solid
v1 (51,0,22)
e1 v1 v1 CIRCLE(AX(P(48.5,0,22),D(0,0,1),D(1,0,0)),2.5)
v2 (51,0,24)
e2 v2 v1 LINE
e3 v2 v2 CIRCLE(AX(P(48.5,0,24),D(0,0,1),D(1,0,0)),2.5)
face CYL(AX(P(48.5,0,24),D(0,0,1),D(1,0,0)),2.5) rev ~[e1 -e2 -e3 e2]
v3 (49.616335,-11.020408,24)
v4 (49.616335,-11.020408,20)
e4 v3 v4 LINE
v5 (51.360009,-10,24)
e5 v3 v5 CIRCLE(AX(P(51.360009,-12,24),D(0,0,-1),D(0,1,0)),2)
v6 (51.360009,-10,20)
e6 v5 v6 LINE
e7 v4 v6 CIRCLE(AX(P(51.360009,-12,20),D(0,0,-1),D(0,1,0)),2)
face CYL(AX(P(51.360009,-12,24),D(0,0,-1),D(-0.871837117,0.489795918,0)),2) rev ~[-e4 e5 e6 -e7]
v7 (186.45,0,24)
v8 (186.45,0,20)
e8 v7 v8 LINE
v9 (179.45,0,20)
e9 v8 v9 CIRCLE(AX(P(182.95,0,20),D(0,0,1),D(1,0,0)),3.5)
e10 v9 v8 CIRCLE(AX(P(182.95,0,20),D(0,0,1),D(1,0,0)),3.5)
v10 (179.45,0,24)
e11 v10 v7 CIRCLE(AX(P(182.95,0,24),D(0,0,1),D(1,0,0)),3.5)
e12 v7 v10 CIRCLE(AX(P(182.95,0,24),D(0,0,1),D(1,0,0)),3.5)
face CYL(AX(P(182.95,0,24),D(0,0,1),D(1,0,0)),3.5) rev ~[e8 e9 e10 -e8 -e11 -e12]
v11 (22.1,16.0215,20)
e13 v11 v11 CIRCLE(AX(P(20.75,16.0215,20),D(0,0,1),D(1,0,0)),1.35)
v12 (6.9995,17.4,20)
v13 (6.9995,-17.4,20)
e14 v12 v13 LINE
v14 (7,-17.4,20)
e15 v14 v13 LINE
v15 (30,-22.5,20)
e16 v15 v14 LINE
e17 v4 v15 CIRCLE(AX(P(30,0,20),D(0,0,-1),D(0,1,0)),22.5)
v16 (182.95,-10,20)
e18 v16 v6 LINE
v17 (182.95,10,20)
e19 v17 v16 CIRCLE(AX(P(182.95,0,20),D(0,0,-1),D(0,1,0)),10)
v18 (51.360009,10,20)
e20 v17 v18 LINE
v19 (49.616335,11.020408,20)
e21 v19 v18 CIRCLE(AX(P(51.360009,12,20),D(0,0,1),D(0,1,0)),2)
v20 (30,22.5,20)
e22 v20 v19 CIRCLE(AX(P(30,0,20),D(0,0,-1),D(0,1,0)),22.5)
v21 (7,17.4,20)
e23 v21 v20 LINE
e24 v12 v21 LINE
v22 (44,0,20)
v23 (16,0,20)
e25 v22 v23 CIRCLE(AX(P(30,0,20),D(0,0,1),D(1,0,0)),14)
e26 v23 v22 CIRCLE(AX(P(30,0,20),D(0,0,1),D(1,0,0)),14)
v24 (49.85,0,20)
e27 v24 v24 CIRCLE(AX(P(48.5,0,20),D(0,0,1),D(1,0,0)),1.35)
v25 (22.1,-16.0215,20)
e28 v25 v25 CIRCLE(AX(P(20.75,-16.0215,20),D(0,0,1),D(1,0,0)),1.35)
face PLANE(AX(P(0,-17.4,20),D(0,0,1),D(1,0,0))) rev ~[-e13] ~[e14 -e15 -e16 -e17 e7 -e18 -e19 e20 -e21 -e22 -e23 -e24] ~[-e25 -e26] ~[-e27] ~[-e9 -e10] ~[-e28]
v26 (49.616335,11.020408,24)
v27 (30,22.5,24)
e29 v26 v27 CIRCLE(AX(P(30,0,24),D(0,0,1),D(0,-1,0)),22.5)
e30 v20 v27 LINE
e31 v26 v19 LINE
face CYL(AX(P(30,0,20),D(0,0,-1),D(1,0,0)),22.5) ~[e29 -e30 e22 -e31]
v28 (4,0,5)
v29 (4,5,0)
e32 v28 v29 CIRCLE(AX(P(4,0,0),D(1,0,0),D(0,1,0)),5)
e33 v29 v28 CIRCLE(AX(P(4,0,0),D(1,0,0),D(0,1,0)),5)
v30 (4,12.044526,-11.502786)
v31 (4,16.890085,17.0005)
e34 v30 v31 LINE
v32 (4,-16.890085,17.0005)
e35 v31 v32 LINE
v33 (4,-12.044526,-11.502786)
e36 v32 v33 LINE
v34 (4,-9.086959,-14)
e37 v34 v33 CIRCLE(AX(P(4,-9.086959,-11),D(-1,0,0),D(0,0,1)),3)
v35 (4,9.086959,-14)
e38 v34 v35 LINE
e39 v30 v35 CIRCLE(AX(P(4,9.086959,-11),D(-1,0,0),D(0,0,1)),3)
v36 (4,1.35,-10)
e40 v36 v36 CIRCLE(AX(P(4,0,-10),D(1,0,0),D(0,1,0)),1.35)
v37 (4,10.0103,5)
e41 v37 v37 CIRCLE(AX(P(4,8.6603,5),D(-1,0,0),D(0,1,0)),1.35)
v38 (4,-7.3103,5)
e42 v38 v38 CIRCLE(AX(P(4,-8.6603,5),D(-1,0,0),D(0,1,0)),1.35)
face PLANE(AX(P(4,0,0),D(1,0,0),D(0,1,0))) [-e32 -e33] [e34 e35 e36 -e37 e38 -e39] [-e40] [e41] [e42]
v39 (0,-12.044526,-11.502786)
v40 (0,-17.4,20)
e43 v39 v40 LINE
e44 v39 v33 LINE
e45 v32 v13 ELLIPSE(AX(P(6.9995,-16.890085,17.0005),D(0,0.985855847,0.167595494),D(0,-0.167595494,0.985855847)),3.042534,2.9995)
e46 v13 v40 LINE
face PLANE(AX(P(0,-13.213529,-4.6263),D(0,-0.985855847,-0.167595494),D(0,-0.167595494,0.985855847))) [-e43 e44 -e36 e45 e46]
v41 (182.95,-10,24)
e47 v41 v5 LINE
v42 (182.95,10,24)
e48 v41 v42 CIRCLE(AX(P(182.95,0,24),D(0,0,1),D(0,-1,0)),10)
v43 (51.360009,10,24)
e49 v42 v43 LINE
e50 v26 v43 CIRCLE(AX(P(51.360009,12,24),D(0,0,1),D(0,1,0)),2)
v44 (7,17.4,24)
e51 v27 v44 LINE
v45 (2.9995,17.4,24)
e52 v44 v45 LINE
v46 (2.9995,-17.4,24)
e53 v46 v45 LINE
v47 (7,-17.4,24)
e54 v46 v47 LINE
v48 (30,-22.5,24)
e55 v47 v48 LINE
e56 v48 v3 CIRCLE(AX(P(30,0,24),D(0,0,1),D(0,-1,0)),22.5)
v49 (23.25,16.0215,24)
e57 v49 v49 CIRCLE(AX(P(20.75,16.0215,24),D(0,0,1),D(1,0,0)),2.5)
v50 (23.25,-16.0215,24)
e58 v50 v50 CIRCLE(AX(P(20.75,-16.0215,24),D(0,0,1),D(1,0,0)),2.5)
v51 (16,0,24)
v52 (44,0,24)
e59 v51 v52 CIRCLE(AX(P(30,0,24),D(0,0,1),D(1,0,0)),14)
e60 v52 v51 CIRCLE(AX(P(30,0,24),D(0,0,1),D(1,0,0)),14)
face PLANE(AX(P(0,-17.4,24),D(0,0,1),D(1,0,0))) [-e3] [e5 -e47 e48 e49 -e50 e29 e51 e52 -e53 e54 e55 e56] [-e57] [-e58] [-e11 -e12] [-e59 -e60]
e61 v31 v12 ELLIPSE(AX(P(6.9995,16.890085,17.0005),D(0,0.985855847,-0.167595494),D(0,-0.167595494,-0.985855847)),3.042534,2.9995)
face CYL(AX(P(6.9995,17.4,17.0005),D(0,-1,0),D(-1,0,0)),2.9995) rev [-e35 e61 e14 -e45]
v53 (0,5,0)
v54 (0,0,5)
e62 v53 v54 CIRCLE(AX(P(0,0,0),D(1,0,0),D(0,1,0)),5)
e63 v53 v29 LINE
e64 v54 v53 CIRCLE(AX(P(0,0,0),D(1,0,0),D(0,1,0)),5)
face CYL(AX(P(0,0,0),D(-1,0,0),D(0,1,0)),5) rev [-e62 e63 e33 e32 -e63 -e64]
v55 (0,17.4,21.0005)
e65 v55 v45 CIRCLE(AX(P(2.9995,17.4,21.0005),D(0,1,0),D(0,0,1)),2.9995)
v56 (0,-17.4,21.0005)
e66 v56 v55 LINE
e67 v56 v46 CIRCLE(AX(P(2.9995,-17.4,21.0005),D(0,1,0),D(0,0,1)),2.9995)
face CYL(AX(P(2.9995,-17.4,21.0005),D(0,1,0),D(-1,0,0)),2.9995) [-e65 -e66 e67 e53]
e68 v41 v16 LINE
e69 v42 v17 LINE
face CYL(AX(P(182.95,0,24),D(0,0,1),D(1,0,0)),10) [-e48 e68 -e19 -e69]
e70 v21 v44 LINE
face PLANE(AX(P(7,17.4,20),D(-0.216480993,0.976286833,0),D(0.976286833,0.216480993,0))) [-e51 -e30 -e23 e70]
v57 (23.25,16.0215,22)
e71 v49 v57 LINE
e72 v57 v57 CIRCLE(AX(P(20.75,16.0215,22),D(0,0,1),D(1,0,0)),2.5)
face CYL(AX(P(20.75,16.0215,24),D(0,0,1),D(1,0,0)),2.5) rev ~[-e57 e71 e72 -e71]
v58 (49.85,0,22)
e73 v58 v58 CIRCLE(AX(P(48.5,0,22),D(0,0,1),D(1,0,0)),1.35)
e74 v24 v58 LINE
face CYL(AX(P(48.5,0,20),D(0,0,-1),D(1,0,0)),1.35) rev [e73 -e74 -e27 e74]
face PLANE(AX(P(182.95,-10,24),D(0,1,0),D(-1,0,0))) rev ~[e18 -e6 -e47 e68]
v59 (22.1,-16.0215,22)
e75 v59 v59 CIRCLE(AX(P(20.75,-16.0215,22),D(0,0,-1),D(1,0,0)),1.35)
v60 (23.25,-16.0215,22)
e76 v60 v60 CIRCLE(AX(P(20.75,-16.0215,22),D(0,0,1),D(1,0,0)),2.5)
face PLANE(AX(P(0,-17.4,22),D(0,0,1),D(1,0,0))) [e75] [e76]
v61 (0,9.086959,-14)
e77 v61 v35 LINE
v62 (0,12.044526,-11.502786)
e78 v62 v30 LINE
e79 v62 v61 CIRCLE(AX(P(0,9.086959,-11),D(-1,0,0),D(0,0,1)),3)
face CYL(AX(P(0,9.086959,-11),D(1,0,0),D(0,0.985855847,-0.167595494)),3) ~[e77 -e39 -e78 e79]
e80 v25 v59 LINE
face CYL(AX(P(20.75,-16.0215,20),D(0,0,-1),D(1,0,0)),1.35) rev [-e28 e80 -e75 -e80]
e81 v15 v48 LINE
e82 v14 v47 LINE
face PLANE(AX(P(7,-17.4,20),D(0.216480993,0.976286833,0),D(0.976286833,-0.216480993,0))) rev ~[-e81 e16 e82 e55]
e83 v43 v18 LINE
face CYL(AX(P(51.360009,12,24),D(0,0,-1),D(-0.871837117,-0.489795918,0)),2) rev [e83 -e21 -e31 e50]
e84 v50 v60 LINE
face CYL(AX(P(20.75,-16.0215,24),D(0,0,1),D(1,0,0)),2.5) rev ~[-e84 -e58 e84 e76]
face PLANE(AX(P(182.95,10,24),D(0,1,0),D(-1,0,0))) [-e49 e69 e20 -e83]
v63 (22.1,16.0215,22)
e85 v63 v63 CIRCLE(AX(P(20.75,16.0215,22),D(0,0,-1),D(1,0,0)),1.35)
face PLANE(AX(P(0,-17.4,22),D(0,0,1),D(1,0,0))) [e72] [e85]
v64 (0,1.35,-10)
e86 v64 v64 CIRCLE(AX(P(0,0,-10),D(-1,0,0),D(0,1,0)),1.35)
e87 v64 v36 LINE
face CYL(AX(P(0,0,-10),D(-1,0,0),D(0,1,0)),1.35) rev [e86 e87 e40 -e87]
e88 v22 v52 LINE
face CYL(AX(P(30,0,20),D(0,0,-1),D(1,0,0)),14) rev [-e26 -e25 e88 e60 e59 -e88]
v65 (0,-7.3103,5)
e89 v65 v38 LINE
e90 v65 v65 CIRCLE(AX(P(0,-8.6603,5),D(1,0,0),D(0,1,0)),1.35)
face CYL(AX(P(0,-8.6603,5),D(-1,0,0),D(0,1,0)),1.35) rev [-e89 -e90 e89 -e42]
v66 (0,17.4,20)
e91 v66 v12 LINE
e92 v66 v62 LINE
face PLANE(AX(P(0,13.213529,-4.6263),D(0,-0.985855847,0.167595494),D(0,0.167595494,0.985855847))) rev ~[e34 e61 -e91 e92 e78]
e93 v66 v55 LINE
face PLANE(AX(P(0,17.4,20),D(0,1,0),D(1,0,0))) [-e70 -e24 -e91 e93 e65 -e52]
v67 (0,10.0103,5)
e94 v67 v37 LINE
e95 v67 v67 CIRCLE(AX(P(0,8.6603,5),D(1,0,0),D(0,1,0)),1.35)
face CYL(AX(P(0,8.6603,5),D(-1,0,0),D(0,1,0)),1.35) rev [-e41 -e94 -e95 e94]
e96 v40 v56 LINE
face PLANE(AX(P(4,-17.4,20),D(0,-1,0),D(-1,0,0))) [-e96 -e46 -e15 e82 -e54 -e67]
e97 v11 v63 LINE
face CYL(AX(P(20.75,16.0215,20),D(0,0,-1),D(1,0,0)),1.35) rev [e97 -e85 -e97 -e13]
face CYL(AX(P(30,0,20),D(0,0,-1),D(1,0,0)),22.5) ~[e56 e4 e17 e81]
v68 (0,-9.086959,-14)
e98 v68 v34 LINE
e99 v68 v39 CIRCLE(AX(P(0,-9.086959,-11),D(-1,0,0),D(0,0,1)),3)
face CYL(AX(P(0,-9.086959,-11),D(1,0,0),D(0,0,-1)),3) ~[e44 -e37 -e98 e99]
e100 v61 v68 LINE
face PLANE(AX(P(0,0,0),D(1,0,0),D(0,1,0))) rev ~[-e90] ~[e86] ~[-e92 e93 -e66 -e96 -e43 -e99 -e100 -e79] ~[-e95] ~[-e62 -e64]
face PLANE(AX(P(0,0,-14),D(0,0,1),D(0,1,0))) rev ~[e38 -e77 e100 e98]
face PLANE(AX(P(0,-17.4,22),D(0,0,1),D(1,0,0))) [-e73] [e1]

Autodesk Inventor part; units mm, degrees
ref_plane "YZ Plane" through (0, 0, 0) normal (1, 0, 0) x (0, 1, 0)
ref_plane "XZ Plane" through (0, 0, 0) normal (0, 1, 0) x (-1, 0, 0)
ref_plane "XY Plane" through (0, 0, 0) normal (0, 0, 1) x (1, 0, 0)
sketch "スケッチ1" plane through (0, 0, 0) normal (1, 0, 0) x (0, 1, 0)
  circle A0 centre (0, 0) radius 10
  circle A1 centre (0, -10) radius 1.35
  circle A2 centre (8.6603, 5) radius 1.35
  circle A3 centre (-8.6603, 5) radius 1.35
  circle A4 centre (0, 0) radius 5
  line L0 (0, 0) -> (0, 50)
  circle A5 centre (0, 50) radius 22.5
  circle A6 centre (0, 0) radius 14
  line L1 (-14, 0) -> (-22.5, 50)
  line L2 (14, 0) -> (22.5, 50)
  line L3 (0, -14) -> (-11.62, -14)
  line L4 (-11.62, -14) -> (-14, 0)
  line L5 (0, -14) -> (11.62, -14)
  line L6 (11.62, -14) -> (14, 0)
  line L7 (0, 20) -> (-17.4, 20)
  line L8 (0, 20) -> (17.4, 20)
  dimension "d0" = 20
  dimension "d1" = 2.7
  dimension "d4" = 360
  dimension "d6" = 10
  dimension "d7" = 50
  dimension "d8" = 45
  dimension "d9" = 28
extrude "押し出し1" add sketch "スケッチ1" along normal blind 4 contours A0 A1 A3 A2 | A6 L6 L4 | A6 L1 L7 L0 | L0 L8 L2 A6 | L6 L5 A6 | A6 L3 L4
sketch "スケッチ2" plane through (0, -17.4, 20) normal (0, 0, 1) x (1, 0, 0)
  line L0 (0, 17.4) -> (30, 17.4)
  circle A0 centre (30, 17.4) radius 22.5
  circle A1 centre (30, 17.4) radius 18.5
  circle A2 centre (30, 17.4) radius 14
  circle A3 centre (48.5, 17.4) radius 1.35
  circle A4 centre (20.75, 33.4215) radius 1.35
  circle A5 centre (20.75, 1.3785) radius 1.35
  line L1 (0, 29.02) -> (0, 34.8) projected
  line L2 (0, 0) -> (0, 5.78) projected
  line L3 (0, 34.8) -> (0, 0)
  line L4 (4, 29.02) -> (4, 34.8) projected
  line L5 (4, 34.8) -> (7, 34.8)
  line L6 (7, 34.8) -> (30, 39.9)
  line L7 (4, 0) -> (4, 5.78) projected
  line L8 (4, 0) -> (7, 0)
  line L9 (7, 0) -> (30, -5.1)
  line L10 (4, 0) -> (0, 0)
  line L11 (0, 34.8) -> (4, 34.8) projected
  line L12 (0, 0) -> (0, 34.8)
  line L13 (0, 34.8) -> (4, 34.8)
  dimension "d14" = 37
  dimension "d12" = 30
  dimension "d13" = 45
  dimension "d15" = 28
  dimension "d16" = 2.7
  dimension "d19" = 360
  dimension "d21" = 3
  dimension "d22" = 3
extrude "押し出し2" add sketch "スケッチ2" along normal blind 4 contours L3 L1 L11 L5 L6 A0 L0 | L0 A0 L9 L8 L10 L2 L3 | A1 A4 A3 A5 | A0 L6 L9
fillet "フィレット1" radius 3 2 edges at (4, 0, 20) (0, 0, 24)
fillet "フィレット2" radius 3 2 edges at (2, -11.62, -14) (2, 11.62, -14)
sketch "スケッチ7" plane through (0, -17.4, 24) normal (0, 0, 1) x (1, 0, 0)
  circle A0 centre (30, 17.4) radius 14 projected
  line L0 (30, 17.4) -> (182.95, 17.4)
  line L1 (30, 17.4) -> (182.95, 17.4) construction
  circle A1 centre (182.95, 17.4) radius 3.5
  circle A2 centre (182.95, 17.4) radius 10
  line L2 (182.95, 27.4) -> (50.1556, 27.4)
  arc A3 (30, -5.1) -> (30, 39.9) centre (30, 17.4) ccw projected
  line L3 (182.95, 27.4) -> (315.7444, 27.4) construction
  line L4 (182.95, 7.4) -> (50.1556, 7.4)
  point P0 (0, 17.4)
  dimension "d55" = 152.95
  dimension "d56" = 0
  dimension "d57" = 7
  dimension "d58" = 20
  dimension "d59" = 180
extrude "押し出し7" add sketch "スケッチ7" against normal blind 4 contours A3 L2 A2 L0 | L0 A2 L4 A3 | A2
fillet "フィレット3" radius 2 2 edges at (50.1556, 10, 22) (50.1556, -10, 22)
sketch "スケッチ8" plane through (0, -17.4, 24) normal (0, 0, 1) x (1, 0, 0)
  circle A0 centre (20.75, 33.4215) radius 1.35 projected
  circle A1 centre (20.75, 33.4215) radius 2.5
  circle A2 centre (48.5, 17.4) radius 1.35 projected
  circle A3 centre (48.5, 17.4) radius 2.5
  circle A4 centre (20.75, 1.3785) radius 1.35 projected
  circle A5 centre (20.75, 1.3785) radius 2.5
  point P0 (0, 17.4)
  dimension "d63" = 5
  dimension "d64" = 5
  dimension "d65" = 5
extrude "押し出し8" cut sketch "スケッチ8" against normal blind 2 contours A0 | A1 | A3 | A4 | A5
properties part number "motor_holder_2" material "アルミニウム 6061"
